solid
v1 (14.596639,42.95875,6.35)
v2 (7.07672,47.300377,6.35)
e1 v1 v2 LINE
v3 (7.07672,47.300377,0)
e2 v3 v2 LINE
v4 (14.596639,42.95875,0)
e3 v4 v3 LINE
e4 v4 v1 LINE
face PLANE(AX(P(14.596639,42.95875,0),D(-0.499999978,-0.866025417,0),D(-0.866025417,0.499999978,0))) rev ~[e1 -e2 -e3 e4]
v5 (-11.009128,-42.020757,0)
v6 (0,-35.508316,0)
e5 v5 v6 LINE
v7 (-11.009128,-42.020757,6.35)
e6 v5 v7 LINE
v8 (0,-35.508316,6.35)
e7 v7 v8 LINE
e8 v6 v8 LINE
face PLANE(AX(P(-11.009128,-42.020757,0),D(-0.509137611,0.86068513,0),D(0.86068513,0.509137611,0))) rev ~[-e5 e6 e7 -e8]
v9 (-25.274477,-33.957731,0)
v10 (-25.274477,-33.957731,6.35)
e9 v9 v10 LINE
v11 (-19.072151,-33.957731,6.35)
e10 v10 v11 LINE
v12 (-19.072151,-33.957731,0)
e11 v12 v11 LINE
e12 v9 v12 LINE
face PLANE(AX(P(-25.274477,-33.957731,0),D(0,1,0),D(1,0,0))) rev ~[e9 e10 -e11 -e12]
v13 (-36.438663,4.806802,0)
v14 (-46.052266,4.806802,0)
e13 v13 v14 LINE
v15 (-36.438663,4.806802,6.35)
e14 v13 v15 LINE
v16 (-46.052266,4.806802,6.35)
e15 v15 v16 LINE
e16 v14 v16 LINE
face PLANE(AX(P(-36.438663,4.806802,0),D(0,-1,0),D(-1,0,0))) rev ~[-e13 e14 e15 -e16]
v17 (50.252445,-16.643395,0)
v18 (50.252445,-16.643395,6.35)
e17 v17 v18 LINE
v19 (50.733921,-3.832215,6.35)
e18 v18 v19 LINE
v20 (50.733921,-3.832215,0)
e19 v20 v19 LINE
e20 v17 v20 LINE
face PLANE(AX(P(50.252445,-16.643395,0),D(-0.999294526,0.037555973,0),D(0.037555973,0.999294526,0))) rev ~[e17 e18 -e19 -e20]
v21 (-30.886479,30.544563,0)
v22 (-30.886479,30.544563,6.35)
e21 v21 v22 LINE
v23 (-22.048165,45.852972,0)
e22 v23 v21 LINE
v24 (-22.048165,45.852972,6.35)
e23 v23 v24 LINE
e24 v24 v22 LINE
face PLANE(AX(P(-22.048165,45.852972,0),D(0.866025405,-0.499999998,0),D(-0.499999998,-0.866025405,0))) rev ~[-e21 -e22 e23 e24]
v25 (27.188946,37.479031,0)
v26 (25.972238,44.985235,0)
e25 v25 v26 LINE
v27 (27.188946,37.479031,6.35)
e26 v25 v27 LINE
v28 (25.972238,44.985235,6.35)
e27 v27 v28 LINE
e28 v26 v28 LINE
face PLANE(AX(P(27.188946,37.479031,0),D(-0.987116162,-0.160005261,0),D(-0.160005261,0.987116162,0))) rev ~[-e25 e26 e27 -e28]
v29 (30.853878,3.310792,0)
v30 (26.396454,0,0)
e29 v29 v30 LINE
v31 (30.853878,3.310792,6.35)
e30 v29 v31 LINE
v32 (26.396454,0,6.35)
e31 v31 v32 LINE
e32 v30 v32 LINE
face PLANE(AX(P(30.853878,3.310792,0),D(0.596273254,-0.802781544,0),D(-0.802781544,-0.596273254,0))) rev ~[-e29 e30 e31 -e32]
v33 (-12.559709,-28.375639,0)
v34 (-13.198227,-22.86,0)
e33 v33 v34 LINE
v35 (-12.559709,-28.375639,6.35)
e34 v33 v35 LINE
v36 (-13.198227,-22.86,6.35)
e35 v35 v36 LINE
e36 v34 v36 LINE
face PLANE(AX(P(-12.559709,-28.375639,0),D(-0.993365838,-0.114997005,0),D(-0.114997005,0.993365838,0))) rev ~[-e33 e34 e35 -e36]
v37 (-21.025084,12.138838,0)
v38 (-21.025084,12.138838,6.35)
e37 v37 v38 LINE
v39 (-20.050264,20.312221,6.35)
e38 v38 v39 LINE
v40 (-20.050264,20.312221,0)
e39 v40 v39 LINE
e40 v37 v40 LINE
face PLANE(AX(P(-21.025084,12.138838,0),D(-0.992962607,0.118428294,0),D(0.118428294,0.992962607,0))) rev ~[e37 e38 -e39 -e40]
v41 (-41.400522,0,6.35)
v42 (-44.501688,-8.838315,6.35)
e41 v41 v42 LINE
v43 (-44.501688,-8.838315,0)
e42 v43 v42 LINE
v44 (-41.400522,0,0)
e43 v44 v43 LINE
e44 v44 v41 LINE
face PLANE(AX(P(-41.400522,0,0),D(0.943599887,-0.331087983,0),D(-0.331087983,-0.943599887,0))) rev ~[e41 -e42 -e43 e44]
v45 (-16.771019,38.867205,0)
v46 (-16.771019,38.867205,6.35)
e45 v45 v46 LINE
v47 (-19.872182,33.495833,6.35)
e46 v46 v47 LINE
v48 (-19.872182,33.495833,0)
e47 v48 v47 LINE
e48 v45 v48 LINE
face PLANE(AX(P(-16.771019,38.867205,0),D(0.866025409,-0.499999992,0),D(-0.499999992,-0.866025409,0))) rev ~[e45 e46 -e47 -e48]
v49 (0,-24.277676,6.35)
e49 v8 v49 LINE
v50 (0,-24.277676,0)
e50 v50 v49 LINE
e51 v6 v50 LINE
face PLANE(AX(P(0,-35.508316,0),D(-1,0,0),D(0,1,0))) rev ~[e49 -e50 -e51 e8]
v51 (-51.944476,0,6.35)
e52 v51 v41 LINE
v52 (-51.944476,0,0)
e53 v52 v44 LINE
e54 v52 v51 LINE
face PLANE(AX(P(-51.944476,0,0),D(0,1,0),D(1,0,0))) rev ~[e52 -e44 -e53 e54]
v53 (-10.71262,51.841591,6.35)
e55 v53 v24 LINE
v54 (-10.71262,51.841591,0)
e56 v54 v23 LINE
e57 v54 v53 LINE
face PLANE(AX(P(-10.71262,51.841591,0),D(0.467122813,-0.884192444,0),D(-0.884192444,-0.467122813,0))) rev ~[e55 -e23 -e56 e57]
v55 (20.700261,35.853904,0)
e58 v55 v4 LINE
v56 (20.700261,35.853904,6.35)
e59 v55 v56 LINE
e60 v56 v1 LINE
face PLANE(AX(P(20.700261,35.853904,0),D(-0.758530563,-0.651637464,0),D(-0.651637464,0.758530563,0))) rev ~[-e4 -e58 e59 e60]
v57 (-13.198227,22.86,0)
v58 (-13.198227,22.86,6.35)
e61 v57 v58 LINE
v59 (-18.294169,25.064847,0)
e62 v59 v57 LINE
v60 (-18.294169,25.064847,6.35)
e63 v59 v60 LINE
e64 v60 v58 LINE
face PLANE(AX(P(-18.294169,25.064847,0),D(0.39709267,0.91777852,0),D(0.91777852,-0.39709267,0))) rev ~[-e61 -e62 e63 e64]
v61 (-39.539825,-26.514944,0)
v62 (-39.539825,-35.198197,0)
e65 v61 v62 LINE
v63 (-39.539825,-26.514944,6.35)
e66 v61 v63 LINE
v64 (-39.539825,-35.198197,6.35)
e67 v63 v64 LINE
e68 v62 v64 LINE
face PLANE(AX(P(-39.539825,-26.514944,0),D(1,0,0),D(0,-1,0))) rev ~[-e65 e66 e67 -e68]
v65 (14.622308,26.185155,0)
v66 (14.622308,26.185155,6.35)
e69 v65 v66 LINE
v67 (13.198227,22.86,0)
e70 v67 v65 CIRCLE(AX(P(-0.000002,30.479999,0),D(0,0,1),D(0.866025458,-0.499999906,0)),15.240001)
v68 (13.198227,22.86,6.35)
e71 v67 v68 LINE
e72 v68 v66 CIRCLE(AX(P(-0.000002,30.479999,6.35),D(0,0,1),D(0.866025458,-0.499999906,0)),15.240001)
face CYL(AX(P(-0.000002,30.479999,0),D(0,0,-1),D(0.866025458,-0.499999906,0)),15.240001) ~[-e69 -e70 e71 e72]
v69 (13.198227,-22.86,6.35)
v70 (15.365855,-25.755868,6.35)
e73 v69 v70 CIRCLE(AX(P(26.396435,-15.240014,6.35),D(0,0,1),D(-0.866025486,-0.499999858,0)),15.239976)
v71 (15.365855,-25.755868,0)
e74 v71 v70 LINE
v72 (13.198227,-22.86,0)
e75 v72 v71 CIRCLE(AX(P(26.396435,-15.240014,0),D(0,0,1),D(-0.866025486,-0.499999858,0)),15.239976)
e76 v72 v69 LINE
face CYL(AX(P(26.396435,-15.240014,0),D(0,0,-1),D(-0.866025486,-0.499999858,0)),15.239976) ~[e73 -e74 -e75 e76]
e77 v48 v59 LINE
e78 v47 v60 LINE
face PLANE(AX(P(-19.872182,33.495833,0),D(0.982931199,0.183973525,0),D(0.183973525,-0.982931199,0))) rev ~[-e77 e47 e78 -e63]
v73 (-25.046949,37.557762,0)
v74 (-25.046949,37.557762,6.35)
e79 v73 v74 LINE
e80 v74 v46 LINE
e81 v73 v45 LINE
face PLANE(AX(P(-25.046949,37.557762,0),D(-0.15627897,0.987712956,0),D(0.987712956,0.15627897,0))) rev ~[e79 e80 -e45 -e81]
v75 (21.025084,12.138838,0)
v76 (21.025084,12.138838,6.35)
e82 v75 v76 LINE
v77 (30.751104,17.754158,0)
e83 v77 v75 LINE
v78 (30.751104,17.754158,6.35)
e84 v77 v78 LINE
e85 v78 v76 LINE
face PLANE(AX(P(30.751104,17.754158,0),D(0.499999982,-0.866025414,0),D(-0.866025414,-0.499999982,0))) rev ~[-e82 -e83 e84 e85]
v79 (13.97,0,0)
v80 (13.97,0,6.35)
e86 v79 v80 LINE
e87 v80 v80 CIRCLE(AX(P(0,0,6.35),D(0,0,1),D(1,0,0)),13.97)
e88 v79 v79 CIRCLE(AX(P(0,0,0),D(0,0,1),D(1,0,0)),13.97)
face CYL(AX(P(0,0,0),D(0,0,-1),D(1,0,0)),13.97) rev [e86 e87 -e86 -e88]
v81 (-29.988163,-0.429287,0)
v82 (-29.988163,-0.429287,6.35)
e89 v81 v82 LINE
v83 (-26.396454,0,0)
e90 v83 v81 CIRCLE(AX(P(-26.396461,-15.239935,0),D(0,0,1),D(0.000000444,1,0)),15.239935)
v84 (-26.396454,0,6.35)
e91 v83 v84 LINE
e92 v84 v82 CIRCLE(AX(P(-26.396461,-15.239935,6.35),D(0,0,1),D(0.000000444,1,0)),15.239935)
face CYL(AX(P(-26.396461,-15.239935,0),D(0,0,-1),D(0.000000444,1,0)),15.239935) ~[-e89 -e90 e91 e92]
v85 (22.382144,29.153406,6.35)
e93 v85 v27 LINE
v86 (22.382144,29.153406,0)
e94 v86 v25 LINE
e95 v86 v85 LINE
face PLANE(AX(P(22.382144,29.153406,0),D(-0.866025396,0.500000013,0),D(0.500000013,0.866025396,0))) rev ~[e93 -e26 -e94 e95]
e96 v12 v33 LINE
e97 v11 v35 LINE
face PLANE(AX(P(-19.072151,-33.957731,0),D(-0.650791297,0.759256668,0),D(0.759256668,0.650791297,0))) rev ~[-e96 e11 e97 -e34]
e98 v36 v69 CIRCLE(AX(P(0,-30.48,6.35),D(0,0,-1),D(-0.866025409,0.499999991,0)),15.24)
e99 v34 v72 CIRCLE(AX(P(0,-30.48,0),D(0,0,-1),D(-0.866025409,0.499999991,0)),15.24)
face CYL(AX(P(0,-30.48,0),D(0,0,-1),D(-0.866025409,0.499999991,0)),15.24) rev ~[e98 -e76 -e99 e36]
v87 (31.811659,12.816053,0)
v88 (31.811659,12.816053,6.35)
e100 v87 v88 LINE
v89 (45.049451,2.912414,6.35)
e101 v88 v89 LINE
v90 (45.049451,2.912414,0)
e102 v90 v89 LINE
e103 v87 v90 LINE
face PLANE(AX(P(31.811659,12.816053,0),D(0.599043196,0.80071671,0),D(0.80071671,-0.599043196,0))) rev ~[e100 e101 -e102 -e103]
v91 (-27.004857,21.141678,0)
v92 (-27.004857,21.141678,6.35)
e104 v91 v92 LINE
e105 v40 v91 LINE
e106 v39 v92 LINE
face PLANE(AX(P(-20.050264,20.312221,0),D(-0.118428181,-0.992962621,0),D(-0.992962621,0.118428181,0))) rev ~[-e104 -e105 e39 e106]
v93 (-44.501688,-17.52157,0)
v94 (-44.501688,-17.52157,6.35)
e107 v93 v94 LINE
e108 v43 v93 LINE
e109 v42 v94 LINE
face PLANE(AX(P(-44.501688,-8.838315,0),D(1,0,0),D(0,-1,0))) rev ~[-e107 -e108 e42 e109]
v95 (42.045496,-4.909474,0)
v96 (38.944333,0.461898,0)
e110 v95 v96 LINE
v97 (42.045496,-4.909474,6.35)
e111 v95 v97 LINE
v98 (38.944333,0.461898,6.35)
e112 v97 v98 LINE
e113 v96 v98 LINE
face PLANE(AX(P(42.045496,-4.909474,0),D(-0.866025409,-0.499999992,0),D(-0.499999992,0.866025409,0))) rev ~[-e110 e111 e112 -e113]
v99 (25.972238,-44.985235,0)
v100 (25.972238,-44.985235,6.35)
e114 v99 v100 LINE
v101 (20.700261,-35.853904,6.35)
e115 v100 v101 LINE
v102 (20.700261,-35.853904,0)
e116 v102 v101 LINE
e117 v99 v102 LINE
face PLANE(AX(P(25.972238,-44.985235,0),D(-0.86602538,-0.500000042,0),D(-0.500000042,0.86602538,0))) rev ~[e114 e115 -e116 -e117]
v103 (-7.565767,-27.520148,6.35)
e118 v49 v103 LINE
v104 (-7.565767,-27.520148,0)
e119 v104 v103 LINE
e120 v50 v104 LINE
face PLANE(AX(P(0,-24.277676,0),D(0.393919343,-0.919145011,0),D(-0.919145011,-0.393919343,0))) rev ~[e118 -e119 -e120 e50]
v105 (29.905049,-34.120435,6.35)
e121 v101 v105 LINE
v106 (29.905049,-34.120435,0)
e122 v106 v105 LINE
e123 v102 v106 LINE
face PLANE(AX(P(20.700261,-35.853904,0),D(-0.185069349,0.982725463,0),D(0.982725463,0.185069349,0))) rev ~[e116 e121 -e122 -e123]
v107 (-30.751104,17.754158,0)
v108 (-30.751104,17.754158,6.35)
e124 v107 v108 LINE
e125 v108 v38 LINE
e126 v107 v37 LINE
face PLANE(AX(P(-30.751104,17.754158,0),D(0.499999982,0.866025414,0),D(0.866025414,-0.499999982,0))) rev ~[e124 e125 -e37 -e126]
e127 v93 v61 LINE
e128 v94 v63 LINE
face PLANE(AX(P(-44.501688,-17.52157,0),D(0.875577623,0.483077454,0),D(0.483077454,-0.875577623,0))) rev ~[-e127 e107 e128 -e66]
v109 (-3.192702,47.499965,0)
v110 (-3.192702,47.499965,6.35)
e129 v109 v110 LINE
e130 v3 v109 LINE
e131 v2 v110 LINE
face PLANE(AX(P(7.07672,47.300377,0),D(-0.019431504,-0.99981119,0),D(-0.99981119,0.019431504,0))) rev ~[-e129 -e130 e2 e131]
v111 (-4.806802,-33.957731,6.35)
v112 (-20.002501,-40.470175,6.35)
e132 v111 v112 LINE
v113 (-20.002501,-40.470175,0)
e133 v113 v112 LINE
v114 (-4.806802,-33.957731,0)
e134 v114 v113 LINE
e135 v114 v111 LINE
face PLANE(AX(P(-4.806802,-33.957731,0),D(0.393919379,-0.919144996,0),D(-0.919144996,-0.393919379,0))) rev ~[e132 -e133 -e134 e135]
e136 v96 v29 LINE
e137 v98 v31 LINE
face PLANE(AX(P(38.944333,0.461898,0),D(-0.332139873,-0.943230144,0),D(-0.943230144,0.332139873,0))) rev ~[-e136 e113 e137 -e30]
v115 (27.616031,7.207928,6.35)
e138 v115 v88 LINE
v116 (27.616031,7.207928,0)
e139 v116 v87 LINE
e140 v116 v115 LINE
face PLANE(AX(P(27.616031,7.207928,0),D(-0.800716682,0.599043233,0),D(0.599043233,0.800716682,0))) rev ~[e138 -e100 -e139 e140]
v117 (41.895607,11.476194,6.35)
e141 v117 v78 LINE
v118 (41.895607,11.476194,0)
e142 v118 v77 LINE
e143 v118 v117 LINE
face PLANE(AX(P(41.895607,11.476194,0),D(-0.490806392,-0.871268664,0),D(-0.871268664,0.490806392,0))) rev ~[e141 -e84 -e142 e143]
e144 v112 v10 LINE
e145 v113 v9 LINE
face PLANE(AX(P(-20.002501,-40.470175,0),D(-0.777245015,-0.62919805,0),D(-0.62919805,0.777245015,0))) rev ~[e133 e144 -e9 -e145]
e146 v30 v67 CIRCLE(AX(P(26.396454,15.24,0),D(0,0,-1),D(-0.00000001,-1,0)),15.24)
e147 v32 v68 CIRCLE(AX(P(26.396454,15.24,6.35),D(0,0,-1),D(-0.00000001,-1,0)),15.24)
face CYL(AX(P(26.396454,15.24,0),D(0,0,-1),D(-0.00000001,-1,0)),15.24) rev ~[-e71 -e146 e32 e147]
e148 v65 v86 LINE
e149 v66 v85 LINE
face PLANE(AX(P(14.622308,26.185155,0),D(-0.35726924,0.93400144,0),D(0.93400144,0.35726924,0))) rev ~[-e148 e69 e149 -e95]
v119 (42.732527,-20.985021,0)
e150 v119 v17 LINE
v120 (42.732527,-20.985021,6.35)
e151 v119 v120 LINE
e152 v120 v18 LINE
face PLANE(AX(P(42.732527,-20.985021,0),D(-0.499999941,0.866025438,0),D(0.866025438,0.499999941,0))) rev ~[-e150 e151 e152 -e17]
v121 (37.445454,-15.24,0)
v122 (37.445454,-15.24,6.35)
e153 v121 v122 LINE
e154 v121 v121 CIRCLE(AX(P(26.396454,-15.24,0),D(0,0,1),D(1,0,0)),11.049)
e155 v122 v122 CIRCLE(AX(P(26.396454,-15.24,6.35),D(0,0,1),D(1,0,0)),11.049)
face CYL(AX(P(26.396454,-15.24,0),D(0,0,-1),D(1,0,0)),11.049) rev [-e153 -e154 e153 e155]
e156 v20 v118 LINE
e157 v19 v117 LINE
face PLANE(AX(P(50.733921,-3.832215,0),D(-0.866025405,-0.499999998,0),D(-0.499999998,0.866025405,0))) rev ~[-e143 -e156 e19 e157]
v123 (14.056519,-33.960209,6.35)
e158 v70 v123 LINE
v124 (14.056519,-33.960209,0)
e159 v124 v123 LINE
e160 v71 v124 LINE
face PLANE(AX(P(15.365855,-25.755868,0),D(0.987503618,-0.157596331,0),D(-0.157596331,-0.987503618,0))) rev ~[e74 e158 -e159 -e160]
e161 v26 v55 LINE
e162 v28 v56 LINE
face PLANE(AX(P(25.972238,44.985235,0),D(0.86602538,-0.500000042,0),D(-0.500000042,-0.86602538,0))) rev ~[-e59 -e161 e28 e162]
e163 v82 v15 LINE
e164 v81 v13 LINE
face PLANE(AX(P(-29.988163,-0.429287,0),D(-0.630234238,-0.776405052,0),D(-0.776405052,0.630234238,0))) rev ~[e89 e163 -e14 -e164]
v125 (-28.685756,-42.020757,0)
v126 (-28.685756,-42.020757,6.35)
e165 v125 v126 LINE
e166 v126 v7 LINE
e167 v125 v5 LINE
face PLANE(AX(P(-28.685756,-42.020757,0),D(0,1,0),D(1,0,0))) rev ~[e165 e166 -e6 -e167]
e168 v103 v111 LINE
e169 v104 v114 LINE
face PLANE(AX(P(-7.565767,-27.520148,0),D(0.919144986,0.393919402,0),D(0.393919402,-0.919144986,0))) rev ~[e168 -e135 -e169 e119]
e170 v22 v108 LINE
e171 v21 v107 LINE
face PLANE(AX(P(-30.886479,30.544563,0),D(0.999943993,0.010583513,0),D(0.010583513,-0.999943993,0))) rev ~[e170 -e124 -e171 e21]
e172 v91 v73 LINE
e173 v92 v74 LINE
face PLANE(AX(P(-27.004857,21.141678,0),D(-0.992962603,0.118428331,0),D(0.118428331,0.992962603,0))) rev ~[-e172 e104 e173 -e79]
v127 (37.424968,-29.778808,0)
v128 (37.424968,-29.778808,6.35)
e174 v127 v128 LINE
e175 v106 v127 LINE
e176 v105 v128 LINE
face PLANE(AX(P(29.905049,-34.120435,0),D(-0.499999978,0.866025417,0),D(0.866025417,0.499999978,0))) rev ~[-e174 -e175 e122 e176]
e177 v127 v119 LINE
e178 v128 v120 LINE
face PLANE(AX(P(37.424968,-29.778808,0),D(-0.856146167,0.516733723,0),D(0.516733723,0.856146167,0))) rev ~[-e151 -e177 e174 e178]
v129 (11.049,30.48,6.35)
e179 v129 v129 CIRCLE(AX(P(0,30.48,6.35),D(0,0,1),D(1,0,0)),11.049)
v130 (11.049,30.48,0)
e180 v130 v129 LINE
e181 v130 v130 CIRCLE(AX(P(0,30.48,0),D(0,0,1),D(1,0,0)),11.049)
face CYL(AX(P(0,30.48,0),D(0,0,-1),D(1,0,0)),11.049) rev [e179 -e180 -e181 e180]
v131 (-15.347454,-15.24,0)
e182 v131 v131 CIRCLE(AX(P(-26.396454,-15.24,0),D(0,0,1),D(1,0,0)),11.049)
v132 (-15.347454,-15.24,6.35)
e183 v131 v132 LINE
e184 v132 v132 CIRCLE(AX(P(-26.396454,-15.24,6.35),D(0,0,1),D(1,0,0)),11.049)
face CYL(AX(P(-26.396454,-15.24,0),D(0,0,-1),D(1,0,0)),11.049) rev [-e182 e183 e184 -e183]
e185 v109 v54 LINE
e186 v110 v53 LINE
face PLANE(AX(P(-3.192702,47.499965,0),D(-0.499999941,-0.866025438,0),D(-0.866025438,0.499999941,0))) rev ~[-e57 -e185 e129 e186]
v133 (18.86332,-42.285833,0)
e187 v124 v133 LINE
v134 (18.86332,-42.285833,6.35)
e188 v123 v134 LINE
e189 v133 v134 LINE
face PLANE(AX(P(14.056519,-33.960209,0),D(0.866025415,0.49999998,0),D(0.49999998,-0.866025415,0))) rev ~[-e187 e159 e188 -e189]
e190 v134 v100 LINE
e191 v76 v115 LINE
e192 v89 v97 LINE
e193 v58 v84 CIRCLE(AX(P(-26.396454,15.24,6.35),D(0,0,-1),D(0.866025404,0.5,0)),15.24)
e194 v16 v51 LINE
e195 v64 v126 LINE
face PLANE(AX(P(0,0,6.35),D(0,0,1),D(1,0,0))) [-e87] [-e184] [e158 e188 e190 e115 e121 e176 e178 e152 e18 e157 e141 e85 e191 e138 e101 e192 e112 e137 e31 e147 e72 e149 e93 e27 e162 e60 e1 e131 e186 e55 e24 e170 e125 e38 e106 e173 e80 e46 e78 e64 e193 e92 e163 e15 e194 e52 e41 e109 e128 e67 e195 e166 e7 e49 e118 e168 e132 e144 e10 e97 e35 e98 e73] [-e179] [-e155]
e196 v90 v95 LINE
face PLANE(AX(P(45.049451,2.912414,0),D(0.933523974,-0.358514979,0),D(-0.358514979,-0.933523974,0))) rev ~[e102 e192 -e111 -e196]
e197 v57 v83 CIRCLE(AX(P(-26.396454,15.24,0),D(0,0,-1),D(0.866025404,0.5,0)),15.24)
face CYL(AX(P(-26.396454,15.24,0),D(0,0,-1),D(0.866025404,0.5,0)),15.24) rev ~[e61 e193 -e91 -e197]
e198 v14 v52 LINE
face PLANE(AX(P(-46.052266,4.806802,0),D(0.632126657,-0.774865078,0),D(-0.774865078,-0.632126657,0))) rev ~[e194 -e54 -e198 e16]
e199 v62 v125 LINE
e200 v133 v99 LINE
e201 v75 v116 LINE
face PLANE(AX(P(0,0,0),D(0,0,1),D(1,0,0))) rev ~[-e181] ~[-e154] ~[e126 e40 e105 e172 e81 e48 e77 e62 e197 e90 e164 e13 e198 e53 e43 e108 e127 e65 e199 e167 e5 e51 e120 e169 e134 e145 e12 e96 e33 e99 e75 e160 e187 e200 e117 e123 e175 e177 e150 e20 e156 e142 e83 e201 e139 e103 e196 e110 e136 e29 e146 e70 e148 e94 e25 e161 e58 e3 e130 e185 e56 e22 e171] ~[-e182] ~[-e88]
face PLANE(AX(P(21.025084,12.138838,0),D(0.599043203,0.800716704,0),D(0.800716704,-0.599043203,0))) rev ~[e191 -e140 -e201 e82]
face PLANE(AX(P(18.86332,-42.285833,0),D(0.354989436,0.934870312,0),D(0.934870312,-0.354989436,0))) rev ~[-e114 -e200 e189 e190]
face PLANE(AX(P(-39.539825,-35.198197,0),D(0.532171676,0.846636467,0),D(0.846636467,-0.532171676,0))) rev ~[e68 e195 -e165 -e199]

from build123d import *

# Parameters (mm, degrees)
F0_R     = 11.049
F0_R_2   = 13.97
F1_DEPTH = 6.35


with BuildPart() as f1:
    # F0 (on Top) → F1 (new body)
    with BuildSketch(Plane.XY):
        with BuildLine():
            ThreePointArc((26.396454, 0), (13.198227, 7.62), (13.198227, 22.86))
            ThreePointArc((13.198227, 22.86), (14.009272, 24.480176), (14.622308, 26.185155))
            Line((14.622308, 26.185155), (22.382144, 29.153406))
            Line((22.382144, 29.153406), (27.188946, 37.479031))
            Line((27.188946, 37.479031), (25.972238, 44.985235))
            Line((25.972238, 44.985235), (20.700261, 35.853904))
            Line((20.700261, 35.853904), (14.596639, 42.95875))
            Line((14.596639, 42.95875), (7.07672, 47.300377))
            Line((7.07672, 47.300377), (-3.192702, 47.499965))
            Line((-3.192702, 47.499965), (-10.71262, 51.841591))
            Line((-10.71262, 51.841591), (-22.048165, 45.852972))
            Line((-22.048165, 45.852972), (-30.886479, 30.544563))
            Line((-30.886479, 30.544563), (-30.751104, 17.754158))
            Line((-30.751104, 17.754158), (-21.025084, 12.138838))
            Line((-21.025084, 12.138838), (-20.050264, 20.312221))
            Line((-20.050264, 20.312221), (-27.004857, 21.141678))
            Line((-27.004857, 21.141678), (-25.046949, 37.557762))
            Line((-25.046949, 37.557762), (-16.771019, 38.867205))
            Line((-16.771019, 38.867205), (-19.872182, 33.495833))
            Line((-19.872182, 33.495833), (-18.294169, 25.064847))
            Line((-18.294169, 25.064847), (-13.198227, 22.86))
            ThreePointArc((-13.198227, 22.86), (-13.198227, 7.62), (-26.396454, 0))
            ThreePointArc((-26.396454, 0), (-28.205091, -0.107702), (-29.988163, -0.429287))
            Line((-29.988163, -0.429287), (-36.438663, 4.806802))
            Line((-36.438663, 4.806802), (-46.052266, 4.806802))
            Line((-46.052266, 4.806802), (-51.944476, 0))
            Line((-51.944476, 0), (-41.400522, 0))
            Line((-41.400522, 0), (-44.501688, -8.838315))
            Line((-44.501688, -8.838315), (-44.501688, -17.52157))
            Line((-44.501688, -17.52157), (-39.539825, -26.514944))
            Line((-39.539825, -26.514944), (-39.539825, -35.198197))
            Line((-39.539825, -35.198197), (-28.685756, -42.020757))
            Line((-28.685756, -42.020757), (-11.009128, -42.020757))
            Line((-11.009128, -42.020757), (0, -35.508316))
            Line((0, -35.508316), (0, -24.277676))
            Line((0, -24.277676), (-7.565767, -27.520148))
            Line((-7.565767, -27.520148), (-4.806802, -33.957731))
            Line((-4.806802, -33.957731), (-20.002501, -40.470175))
            Line((-20.002501, -40.470175), (-25.274477, -33.957731))
            Line((-25.274477, -33.957731), (-19.072151, -33.957731))
            Line((-19.072151, -33.957731), (-12.559709, -28.375639))
            Line((-12.559709, -28.375639), (-13.198227, -22.86))
            ThreePointArc((-13.198227, -22.86), (0, -15.24), (13.198227, -22.86))
            ThreePointArc((13.198227, -22.86), (14.195818, -24.372474), (15.365855, -25.755868))
            Line((15.365855, -25.755868), (14.056519, -33.960209))
            Line((14.056519, -33.960209), (18.86332, -42.285833))
            Line((18.86332, -42.285833), (25.972238, -44.985235))
            Line((25.972238, -44.985235), (20.700261, -35.853904))
            Line((20.700261, -35.853904), (29.905049, -34.120435))
            Line((29.905049, -34.120435), (37.424968, -29.778808))
            Line((37.424968, -29.778808), (42.732527, -20.985021))
            Line((42.732527, -20.985021), (50.252445, -16.643395))
            Line((50.252445, -16.643395), (50.733921, -3.832215))
            Line((50.733921, -3.832215), (41.895607, 11.476194))
            Line((41.895607, 11.476194), (30.751104, 17.754158))
            Line((30.751104, 17.754158), (21.025084, 12.138838))
            Line((21.025084, 12.138838), (27.616031, 7.207928))
            Line((27.616031, 7.207928), (31.811659, 12.816053))
            Line((31.811659, 12.816053), (45.049451, 2.912414))
            Line((45.049451, 2.912414), (42.045496, -4.909474))
            Line((42.045496, -4.909474), (38.944333, 0.461898))
            Line((38.944333, 0.461898), (30.853878, 3.310792))
            Line((30.853878, 3.310792), (26.396454, 0))
        make_face()
        with Locations((-26.396454, -15.24)):
            Circle(F0_R, mode=Mode.SUBTRACT)
        Circle(F0_R_2, mode=Mode.SUBTRACT)
        with Locations((26.396454, -15.24)):
            Circle(F0_R, mode=Mode.SUBTRACT)
        with Locations((0, 30.48)):
            Circle(F0_R, mode=Mode.SUBTRACT)
    extrude(amount=F1_DEPTH)


solid = f1.part
